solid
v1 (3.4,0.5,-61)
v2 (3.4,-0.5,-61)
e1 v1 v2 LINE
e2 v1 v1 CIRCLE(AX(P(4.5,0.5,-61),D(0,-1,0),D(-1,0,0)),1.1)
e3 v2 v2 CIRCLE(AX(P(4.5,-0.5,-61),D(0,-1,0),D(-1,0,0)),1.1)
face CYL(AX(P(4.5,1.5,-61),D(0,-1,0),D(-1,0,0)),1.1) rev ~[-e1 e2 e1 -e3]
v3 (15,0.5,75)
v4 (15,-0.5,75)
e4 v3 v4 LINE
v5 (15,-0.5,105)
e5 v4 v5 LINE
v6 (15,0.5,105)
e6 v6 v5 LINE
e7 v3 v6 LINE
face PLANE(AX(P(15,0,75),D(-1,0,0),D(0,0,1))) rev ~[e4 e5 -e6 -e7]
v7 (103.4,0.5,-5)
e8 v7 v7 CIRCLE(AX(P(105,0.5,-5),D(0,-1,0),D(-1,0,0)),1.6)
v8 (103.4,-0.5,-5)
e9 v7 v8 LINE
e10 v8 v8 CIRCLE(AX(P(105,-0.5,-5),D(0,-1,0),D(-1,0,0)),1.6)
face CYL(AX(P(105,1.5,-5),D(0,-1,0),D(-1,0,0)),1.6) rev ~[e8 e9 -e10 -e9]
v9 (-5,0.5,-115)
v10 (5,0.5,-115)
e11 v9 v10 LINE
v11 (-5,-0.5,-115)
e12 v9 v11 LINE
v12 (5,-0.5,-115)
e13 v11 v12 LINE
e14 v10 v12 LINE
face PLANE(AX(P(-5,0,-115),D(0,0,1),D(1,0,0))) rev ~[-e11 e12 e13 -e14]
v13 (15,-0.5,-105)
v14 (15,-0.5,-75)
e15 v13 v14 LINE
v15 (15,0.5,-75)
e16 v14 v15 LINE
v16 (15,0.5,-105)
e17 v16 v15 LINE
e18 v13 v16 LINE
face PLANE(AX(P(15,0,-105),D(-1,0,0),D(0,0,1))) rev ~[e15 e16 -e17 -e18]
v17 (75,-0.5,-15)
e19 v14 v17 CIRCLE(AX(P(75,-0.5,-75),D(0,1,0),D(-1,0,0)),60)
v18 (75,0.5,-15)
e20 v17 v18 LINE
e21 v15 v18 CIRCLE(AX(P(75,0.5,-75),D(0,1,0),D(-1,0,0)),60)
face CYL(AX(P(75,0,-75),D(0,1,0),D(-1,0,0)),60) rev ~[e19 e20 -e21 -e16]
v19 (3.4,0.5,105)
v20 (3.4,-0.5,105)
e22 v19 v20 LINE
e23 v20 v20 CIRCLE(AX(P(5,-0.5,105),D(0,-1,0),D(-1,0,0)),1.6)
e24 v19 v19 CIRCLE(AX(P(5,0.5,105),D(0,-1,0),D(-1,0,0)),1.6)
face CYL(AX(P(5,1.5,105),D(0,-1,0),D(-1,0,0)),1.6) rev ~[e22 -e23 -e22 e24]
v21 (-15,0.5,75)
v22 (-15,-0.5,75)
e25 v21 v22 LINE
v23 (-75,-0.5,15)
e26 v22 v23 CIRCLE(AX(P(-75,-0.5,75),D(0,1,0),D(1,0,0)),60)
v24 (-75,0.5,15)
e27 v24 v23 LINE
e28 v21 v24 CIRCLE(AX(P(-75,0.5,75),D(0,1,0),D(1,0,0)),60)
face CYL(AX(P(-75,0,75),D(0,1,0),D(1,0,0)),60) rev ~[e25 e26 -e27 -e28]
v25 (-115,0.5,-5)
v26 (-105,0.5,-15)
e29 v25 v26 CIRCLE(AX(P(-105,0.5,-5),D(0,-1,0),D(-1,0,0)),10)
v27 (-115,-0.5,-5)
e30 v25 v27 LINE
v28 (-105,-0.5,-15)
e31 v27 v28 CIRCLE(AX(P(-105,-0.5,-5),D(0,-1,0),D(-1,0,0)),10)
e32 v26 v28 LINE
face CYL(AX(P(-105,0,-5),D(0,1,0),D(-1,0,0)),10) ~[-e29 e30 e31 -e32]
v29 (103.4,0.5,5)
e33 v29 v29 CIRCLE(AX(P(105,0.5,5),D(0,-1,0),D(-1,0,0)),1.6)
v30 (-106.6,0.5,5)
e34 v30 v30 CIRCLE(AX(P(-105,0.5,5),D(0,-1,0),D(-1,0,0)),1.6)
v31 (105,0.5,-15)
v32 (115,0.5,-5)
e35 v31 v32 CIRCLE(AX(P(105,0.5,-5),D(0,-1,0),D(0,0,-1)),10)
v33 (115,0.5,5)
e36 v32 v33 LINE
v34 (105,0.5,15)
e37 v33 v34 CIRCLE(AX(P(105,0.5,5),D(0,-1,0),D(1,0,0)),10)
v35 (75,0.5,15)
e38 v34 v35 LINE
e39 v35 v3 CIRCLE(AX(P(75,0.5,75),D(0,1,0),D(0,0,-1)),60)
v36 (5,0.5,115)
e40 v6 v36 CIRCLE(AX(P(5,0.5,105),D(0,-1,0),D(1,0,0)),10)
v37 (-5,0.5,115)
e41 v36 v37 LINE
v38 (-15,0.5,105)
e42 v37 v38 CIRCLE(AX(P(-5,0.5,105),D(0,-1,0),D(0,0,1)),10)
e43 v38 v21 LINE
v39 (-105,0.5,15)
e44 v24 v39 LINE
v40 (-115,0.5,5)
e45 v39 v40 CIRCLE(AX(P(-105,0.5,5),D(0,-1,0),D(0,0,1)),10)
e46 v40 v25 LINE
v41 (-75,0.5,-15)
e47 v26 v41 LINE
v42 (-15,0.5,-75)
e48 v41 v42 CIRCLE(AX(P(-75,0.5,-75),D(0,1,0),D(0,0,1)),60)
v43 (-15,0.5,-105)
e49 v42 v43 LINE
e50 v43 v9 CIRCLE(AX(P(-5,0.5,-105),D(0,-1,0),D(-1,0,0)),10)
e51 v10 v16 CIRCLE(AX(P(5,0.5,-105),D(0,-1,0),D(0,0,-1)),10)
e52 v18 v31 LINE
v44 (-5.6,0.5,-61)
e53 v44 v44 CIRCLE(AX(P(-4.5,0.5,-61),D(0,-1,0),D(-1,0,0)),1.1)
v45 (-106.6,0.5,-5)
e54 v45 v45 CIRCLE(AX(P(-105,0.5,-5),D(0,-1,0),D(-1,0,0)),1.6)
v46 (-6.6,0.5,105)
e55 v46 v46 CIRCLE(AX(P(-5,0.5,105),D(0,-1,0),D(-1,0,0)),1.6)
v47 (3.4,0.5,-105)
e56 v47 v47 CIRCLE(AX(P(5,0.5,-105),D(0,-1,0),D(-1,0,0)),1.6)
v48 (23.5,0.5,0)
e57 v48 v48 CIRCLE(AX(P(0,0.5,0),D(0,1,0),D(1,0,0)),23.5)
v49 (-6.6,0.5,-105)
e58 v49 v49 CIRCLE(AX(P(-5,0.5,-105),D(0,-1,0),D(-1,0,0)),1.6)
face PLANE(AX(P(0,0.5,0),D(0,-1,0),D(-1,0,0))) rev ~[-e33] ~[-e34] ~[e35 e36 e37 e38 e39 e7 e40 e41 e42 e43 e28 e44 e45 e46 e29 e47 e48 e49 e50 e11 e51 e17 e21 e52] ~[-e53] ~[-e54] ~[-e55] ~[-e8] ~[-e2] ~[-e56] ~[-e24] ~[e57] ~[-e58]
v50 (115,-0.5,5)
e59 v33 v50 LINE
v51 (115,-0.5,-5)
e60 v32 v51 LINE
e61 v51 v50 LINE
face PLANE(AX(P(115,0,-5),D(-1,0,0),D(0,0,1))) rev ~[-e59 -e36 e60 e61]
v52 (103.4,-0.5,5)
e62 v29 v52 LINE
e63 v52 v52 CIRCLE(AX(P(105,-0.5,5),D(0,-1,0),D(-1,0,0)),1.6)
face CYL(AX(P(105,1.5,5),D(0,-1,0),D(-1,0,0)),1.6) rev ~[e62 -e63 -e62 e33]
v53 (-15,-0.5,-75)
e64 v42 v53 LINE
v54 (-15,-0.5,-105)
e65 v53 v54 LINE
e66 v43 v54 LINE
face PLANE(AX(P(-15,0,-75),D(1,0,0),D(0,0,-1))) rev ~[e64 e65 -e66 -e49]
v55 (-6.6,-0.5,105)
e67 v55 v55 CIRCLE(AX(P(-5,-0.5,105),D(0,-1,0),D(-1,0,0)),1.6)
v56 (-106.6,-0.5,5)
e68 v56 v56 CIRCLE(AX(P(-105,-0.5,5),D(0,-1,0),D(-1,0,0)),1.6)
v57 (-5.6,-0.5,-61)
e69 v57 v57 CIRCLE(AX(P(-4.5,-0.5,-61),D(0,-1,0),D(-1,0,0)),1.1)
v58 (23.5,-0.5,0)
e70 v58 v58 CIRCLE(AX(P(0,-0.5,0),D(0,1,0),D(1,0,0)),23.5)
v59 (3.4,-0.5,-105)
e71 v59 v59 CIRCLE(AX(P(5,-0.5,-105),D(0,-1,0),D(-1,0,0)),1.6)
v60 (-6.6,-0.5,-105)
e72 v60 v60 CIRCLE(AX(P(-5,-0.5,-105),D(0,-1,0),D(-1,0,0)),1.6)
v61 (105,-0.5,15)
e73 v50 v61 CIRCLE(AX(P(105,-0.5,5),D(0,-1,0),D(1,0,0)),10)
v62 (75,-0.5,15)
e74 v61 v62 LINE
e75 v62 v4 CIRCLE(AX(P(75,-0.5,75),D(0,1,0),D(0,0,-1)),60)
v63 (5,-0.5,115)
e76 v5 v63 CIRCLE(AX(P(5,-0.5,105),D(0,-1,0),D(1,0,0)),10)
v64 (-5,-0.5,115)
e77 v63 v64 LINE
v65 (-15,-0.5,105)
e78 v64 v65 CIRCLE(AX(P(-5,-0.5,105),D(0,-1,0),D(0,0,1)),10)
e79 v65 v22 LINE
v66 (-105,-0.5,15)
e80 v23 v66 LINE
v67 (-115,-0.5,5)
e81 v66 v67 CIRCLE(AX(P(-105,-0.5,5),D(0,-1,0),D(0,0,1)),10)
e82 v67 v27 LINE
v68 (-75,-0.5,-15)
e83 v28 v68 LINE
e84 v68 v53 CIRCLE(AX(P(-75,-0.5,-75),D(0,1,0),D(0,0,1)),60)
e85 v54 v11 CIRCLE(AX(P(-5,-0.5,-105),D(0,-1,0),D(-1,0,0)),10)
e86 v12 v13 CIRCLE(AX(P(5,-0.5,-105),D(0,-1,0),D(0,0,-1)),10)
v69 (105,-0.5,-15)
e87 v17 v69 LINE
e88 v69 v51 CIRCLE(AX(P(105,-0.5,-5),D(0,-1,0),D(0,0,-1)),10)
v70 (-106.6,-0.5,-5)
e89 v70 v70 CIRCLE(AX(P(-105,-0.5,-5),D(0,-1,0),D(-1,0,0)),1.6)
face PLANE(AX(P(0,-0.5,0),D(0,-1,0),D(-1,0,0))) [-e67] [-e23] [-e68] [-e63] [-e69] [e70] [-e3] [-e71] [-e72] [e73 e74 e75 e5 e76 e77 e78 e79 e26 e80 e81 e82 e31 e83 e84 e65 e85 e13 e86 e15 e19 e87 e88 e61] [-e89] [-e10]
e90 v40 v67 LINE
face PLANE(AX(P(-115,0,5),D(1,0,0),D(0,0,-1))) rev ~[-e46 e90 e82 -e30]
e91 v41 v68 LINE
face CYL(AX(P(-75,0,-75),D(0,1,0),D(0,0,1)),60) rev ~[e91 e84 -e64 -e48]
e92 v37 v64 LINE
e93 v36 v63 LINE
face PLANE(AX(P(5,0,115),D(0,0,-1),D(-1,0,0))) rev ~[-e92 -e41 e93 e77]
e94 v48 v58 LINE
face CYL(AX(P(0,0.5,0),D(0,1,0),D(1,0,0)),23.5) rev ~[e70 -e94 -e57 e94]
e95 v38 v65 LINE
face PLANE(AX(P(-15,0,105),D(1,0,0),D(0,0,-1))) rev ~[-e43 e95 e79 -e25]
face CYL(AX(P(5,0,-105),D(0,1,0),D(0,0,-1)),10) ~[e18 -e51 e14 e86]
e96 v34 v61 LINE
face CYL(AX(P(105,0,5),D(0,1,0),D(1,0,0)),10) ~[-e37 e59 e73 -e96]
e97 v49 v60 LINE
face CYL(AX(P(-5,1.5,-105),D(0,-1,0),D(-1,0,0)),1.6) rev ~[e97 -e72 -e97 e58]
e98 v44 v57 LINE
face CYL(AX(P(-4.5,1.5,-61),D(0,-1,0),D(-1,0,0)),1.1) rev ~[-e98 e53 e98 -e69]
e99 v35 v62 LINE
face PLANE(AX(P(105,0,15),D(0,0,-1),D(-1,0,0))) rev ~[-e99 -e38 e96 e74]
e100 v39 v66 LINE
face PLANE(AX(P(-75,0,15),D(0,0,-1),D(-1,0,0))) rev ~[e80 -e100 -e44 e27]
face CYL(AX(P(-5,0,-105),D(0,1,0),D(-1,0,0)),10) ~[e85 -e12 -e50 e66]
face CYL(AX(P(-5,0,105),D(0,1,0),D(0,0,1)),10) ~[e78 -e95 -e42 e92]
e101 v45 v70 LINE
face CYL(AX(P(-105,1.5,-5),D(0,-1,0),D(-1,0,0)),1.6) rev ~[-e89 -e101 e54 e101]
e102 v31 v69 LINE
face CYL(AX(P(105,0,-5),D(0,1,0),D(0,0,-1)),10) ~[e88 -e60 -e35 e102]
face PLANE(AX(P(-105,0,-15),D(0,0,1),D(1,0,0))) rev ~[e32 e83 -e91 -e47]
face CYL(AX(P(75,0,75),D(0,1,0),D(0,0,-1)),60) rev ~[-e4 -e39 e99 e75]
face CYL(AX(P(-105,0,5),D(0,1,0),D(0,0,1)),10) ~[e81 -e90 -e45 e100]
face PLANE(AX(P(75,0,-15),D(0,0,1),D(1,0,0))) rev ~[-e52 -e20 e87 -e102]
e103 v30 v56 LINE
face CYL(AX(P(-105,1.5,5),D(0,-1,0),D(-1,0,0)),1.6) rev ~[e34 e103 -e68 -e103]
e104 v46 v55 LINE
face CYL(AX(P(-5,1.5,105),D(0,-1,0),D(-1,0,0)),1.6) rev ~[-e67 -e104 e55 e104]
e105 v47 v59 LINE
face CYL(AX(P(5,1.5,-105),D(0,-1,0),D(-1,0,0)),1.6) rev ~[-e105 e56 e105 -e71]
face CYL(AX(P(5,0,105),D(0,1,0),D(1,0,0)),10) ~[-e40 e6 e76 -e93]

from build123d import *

# Parameters (mm, degrees)
BOSS_EXTRUDE1_DEPTH      = 0.5
M3_CLEARANCE_HOLE1_D     = 3.2
M3_CLEARANCE_HOLE1_DEPTH = 1
SKETCH5_R                = 23.5
CUT_EXTRUDE1_DEPTH       = 1
CUT_EXTRUDE1_DEPTH_BACK  = 2
M2_CLEARANCE_HOLE1_D     = 2.2
M2_CLEARANCE_HOLE1_DEPTH = 1


with BuildPart() as part:
    # Sketch1 → Boss-Extrude1 (new body, symmetric)
    with BuildSketch(Plane(origin=(0, 0, 0), x_dir=(1, 0, 0), z_dir=(0, 1, 0))):
        with BuildLine():
            Line((75, 15), (105, 15))
            ThreePointArc((105, 15), (112.071067812, 12.071067812), (115, 5))
            Line((115, 5), (115, -5))
            ThreePointArc((115, -5), (112.071067812, -12.071067812), (105, -15))
            Line((105, -15), (75, -15))
            ThreePointArc((75, -15), (32.573593129, -32.573593129), (15, -75))
            Line((15, -75), (15, -105))
            ThreePointArc((15, -105), (12.071067812, -112.071067812), (5, -115))
            Line((5, -115), (-5, -115))
            ThreePointArc((-5, -115), (-12.071067812, -112.071067812), (-15, -105))
            Line((-15, -105), (-15, -75))
            ThreePointArc((-15, -75), (-32.573593129, -32.573593129), (-75, -15))
            Line((-75, -15), (-105, -15))
            ThreePointArc((-105, -15), (-112.071067812, -12.071067812), (-115, -5))
            Line((-115, -5), (-115, 5))
            ThreePointArc((-115, 5), (-112.071067812, 12.071067812), (-105, 15))
            Line((-105, 15), (-75, 15))
            ThreePointArc((-75, 15), (-32.573593129, 32.573593129), (-15, 75))
            Line((-15, 75), (-15, 105))
            ThreePointArc((-15, 105), (-12.071067812, 112.071067812), (-5, 115))
            Line((-5, 115), (5, 115))
            ThreePointArc((5, 115), (12.071067812, 112.071067812), (15, 105))
            Line((15, 105), (15, 75))
            ThreePointArc((15, 75), (32.573593129, 32.573593129), (75, 15))
        make_face()
    extrude(amount=BOSS_EXTRUDE1_DEPTH, both=True)

    # M3 Clearance Hole1
    with Locations(Plane(origin=(0, 0.5, 0), x_dir=(1, 0, 0), z_dir=(0, 1, 0))):
        with Locations((-105, 5), (-105, -5), (-5, 105), (5, 105), (105, 5), (105, -5), (5, -105), (-5, -105)):
            Hole(M3_CLEARANCE_HOLE1_D / 2, depth=M3_CLEARANCE_HOLE1_DEPTH)

    # Sketch5 → Cut-Extrude1 (cut, two sides)
    with BuildSketch(Plane(origin=(0, 0.5, 0), x_dir=(1, 0, 0), z_dir=(0, 1, 0))) as cut_extrude1_sk:
        Circle(SKETCH5_R)
    extrude(amount=CUT_EXTRUDE1_DEPTH, mode=Mode.SUBTRACT)
    extrude(cut_extrude1_sk.sketch, amount=-CUT_EXTRUDE1_DEPTH_BACK, mode=Mode.SUBTRACT)

    # M2 Clearance Hole1
    with Locations(Plane(origin=(0, 0.5, 0), x_dir=(1, 0, 0), z_dir=(0, 1, 0))):
        with Locations((-4.5, 61), (4.5, 61)):
            Hole(M2_CLEARANCE_HOLE1_D / 2, depth=M2_CLEARANCE_HOLE1_DEPTH)


solid = part.part
